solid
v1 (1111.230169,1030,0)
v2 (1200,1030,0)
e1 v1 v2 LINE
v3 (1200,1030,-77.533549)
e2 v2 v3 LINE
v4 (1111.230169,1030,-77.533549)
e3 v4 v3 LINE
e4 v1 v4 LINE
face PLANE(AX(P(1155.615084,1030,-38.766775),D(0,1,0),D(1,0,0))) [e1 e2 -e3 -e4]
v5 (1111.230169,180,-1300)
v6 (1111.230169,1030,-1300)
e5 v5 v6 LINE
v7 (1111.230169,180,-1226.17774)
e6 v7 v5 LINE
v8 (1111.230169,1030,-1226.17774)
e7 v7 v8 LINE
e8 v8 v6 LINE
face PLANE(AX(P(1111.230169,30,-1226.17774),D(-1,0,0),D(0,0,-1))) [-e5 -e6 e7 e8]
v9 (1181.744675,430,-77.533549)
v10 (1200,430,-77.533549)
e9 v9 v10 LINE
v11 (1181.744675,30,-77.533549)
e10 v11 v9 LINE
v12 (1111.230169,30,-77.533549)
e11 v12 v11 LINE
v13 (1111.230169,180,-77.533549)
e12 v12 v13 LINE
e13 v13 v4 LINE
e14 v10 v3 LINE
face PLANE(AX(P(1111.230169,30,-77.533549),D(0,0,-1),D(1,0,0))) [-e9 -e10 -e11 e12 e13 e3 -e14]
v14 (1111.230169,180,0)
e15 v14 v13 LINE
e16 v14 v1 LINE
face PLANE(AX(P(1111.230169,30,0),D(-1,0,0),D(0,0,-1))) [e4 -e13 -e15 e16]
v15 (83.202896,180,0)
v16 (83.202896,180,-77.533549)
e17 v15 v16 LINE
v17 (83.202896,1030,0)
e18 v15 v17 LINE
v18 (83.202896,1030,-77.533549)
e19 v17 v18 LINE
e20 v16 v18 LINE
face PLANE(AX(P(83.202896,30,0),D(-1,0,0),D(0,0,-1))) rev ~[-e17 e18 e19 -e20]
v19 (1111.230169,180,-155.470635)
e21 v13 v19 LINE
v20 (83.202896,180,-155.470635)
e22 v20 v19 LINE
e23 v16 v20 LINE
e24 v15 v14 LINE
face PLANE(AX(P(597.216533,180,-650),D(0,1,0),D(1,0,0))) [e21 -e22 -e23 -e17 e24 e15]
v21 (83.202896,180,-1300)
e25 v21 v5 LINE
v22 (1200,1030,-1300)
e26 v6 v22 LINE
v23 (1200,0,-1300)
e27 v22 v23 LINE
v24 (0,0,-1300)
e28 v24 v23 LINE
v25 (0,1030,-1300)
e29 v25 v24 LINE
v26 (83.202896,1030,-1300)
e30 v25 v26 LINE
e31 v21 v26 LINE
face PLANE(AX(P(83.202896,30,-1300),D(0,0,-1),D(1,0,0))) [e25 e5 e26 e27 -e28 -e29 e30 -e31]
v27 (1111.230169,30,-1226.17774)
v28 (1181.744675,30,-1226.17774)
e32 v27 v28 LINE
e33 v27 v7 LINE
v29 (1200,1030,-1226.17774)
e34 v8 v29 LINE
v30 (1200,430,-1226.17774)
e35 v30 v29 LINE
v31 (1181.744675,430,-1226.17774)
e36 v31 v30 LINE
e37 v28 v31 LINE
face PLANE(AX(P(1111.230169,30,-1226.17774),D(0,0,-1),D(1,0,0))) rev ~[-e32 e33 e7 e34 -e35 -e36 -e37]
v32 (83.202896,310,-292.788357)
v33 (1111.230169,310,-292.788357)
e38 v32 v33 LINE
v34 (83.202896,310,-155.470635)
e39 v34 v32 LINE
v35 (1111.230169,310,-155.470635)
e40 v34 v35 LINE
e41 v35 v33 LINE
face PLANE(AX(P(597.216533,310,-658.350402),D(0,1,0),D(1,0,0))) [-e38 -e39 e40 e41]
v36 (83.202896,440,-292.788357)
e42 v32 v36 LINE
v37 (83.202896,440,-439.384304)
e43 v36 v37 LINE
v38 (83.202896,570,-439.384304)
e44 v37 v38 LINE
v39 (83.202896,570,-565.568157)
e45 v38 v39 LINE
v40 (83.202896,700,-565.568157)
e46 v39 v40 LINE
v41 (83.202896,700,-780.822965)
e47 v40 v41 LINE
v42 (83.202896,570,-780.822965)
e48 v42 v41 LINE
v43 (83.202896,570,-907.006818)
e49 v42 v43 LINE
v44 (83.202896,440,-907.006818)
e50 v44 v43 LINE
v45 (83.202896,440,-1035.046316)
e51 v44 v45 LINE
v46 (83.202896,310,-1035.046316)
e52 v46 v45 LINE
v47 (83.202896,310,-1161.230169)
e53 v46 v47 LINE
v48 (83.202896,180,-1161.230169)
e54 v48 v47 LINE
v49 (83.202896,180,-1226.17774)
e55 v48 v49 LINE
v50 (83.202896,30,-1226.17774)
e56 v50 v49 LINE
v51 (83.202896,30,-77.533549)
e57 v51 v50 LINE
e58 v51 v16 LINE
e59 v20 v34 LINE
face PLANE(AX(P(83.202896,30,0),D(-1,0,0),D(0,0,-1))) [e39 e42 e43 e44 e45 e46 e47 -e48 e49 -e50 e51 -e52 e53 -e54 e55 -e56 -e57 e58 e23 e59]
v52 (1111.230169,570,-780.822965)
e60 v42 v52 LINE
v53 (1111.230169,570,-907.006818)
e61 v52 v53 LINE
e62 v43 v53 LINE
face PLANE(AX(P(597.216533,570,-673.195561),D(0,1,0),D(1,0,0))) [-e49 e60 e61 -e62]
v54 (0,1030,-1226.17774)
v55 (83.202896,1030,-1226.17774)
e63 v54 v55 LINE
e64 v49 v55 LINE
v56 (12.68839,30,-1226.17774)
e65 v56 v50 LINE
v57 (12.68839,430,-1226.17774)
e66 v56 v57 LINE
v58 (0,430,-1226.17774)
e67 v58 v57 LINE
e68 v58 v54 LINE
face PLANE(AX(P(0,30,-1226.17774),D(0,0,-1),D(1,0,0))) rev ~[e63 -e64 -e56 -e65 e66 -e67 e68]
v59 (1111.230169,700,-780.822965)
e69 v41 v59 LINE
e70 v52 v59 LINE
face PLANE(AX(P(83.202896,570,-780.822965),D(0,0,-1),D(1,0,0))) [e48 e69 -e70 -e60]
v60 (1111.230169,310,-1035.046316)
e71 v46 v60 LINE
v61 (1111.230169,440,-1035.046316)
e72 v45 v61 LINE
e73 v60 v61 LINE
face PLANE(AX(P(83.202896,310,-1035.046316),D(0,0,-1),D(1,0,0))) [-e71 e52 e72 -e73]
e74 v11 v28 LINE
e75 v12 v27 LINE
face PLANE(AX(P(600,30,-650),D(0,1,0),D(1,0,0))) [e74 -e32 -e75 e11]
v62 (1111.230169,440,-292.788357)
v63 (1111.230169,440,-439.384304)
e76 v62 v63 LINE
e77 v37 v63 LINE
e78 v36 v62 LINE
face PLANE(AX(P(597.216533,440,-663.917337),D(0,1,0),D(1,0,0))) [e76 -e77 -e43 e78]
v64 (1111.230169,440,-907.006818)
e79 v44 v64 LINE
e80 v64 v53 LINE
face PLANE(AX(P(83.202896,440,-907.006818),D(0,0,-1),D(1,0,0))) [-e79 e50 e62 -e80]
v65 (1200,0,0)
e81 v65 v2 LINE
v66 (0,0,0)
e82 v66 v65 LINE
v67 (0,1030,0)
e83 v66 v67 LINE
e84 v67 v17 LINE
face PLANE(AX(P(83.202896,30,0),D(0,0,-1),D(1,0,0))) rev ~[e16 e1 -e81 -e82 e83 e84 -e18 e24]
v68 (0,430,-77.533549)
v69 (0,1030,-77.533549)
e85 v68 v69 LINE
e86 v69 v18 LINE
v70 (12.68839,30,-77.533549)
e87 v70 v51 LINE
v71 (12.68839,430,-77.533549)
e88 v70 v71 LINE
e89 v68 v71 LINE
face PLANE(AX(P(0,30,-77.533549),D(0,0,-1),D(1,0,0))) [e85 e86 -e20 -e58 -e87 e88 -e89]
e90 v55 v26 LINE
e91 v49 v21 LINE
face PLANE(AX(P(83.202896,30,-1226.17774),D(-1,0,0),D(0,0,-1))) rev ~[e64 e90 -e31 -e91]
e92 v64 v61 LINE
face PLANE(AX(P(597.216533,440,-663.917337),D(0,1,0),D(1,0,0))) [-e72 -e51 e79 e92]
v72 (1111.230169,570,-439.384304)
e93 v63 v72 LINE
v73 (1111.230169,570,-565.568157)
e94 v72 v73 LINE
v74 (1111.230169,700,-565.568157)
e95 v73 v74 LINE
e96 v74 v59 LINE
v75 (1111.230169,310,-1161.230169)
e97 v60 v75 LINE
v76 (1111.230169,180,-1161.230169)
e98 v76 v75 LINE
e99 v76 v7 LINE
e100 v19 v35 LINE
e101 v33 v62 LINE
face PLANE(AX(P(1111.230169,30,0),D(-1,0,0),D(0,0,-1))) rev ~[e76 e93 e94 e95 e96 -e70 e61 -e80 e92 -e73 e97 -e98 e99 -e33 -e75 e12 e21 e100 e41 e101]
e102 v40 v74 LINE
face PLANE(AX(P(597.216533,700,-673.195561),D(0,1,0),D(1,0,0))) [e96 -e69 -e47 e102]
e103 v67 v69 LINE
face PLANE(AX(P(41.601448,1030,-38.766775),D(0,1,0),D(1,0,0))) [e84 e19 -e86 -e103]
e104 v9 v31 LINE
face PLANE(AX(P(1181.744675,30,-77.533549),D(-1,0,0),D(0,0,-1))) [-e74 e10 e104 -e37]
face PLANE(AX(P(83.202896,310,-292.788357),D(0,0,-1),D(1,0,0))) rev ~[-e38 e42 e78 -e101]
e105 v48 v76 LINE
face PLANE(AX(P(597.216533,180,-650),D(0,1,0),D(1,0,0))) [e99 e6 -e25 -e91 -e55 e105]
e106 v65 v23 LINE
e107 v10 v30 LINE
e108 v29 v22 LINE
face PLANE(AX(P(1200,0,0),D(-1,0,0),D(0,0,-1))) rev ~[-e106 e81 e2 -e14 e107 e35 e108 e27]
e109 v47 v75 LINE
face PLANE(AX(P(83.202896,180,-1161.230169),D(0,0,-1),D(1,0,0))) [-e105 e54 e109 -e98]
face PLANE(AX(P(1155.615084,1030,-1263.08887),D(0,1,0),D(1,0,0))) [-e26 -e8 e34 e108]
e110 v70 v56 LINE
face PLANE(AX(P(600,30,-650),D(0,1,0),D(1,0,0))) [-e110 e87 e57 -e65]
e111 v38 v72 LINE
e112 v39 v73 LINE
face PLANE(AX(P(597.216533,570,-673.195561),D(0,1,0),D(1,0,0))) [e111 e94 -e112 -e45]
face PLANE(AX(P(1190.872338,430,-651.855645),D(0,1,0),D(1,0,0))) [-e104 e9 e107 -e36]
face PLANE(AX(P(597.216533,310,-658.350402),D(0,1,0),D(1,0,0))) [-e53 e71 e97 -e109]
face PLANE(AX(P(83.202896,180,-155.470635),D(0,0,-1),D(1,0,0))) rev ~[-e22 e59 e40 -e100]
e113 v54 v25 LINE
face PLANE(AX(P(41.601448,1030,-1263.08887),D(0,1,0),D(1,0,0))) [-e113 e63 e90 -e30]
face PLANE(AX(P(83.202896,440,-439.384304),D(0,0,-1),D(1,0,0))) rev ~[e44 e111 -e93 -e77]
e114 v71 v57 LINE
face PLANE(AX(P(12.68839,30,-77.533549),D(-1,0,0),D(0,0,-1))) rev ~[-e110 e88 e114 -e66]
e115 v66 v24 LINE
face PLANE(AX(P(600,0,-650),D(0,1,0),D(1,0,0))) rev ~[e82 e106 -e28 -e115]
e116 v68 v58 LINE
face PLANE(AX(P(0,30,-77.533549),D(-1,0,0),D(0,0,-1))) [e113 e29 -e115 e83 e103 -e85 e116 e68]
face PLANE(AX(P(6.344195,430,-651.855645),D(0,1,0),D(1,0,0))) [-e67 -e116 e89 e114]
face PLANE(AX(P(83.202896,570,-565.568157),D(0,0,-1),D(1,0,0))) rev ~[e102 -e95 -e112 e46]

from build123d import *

# Parameters (mm, degrees)
CROQUIS1_W              = 1200
CROQUIS1_H              = 1300
SALIENTE_EXTRUIR1_DEPTH = 30
CROQUIS2_W              = 83.202896363
CROQUIS2_H              = 73.82225968
CROQUIS2_W_2            = 88.769831052
CROQUIS2_H_2            = 77.533549472
SALIENTE_EXTRUIR2_DEPTH = 1000
CROQUIS3_W              = 12.688390301
CROQUIS3_H              = 1148.644190848
CROQUIS3_W_2            = 18.255324991
SALIENTE_EXTRUIR3_DEPTH = 400
CROQUIS4_W              = 1028.027272585
CROQUIS4_H              = 1300
SALIENTE_EXTRUIR4_DEPTH = 150
CROQUIS5_W              = 1028.027272585
CROQUIS5_H              = 1005.759533828
SALIENTE_EXTRUIR5_DEPTH = 130
CROQUIS6_W              = 1028.027272585
CROQUIS6_H              = 742.257958545
SALIENTE_EXTRUIR6_DEPTH = 130
CROQUIS7_W              = 1028.027272585
CROQUIS7_H              = 467.622513883
SALIENTE_EXTRUIR7_DEPTH = 130
CROQUIS8_W              = 1028.027272585
CROQUIS8_H              = 215.254807978
SALIENTE_EXTRUIR8_DEPTH = 130


with BuildPart() as part:
    # Croquis1 → Saliente-Extruir1 (new body)
    with BuildSketch(Plane(origin=(0, 0, 0), x_dir=(1, 0, 0), z_dir=(0, 1, 0))):
        with Locations((600, 650)):
            Rectangle(CROQUIS1_W, CROQUIS1_H)
    extrude(amount=SALIENTE_EXTRUIR1_DEPTH)

    # Croquis2 → Saliente-Extruir2 (add)
    with BuildSketch(Plane(origin=(0, 30, 0), x_dir=(1, 0, 0), z_dir=(0, 1, 0))):
        with Locations((41.601448182, 1263.08887016)):
            Rectangle(CROQUIS2_W, CROQUIS2_H)
        with Locations((1155.615084474, 1263.08887016)):
            Rectangle(CROQUIS2_W_2, CROQUIS2_H)
        with Locations((41.601448182, 38.766774736)):
            Rectangle(CROQUIS2_W, CROQUIS2_H_2)
        with Locations((1155.615084474, 38.766774736)):
            Rectangle(CROQUIS2_W_2, CROQUIS2_H_2)
    extrude(amount=SALIENTE_EXTRUIR2_DEPTH)

    # Croquis3 → Saliente-Extruir3 (add)
    with BuildSketch(Plane(origin=(0, 30, 0), x_dir=(1, 0, 0), z_dir=(0, 1, 0))):
        with Locations((6.344195151, 651.855644896)):
            Rectangle(CROQUIS3_W, CROQUIS3_H)
        with Locations((1190.872337505, 651.855644896)):
            Rectangle(CROQUIS3_W_2, CROQUIS3_H)
    extrude(amount=SALIENTE_EXTRUIR3_DEPTH)

    # Croquis4 → Saliente-Extruir4 (add)
    with BuildSketch(Plane(origin=(0, 30, 0), x_dir=(1, 0, 0), z_dir=(0, 1, 0))):
        with Locations((597.216532656, 650)):
            Rectangle(CROQUIS4_W, CROQUIS4_H)
    extrude(amount=SALIENTE_EXTRUIR4_DEPTH)

    # Croquis5 → Saliente-Extruir5 (add)
    with BuildSketch(Plane(origin=(0, 180, 0), x_dir=(1, 0, 0), z_dir=(0, 1, 0))):
        with Locations((597.216532656, 658.350402034)):
            Rectangle(CROQUIS5_W, CROQUIS5_H)
    extrude(amount=SALIENTE_EXTRUIR5_DEPTH)

    # Croquis6 → Saliente-Extruir6 (add)
    with BuildSketch(Plane(origin=(0, 310, 0), x_dir=(1, 0, 0), z_dir=(0, 1, 0))):
        with Locations((597.216532656, 663.917336723)):
            Rectangle(CROQUIS6_W, CROQUIS6_H)
    extrude(amount=SALIENTE_EXTRUIR6_DEPTH)

    # Croquis7 → Saliente-Extruir7 (add)
    with BuildSketch(Plane(origin=(0, 440, 0), x_dir=(1, 0, 0), z_dir=(0, 1, 0))):
        with Locations((597.216532656, 673.195561204)):
            Rectangle(CROQUIS7_W, CROQUIS7_H)
    extrude(amount=SALIENTE_EXTRUIR7_DEPTH)

    # Croquis8 → Saliente-Extruir8 (add)
    with BuildSketch(Plane(origin=(0, 570, 0), x_dir=(1, 0, 0), z_dir=(0, 1, 0))):
        with Locations((597.216532656, 673.195561205)):
            Rectangle(CROQUIS8_W, CROQUIS8_H)
    extrude(amount=SALIENTE_EXTRUIR8_DEPTH)


solid = part.part
